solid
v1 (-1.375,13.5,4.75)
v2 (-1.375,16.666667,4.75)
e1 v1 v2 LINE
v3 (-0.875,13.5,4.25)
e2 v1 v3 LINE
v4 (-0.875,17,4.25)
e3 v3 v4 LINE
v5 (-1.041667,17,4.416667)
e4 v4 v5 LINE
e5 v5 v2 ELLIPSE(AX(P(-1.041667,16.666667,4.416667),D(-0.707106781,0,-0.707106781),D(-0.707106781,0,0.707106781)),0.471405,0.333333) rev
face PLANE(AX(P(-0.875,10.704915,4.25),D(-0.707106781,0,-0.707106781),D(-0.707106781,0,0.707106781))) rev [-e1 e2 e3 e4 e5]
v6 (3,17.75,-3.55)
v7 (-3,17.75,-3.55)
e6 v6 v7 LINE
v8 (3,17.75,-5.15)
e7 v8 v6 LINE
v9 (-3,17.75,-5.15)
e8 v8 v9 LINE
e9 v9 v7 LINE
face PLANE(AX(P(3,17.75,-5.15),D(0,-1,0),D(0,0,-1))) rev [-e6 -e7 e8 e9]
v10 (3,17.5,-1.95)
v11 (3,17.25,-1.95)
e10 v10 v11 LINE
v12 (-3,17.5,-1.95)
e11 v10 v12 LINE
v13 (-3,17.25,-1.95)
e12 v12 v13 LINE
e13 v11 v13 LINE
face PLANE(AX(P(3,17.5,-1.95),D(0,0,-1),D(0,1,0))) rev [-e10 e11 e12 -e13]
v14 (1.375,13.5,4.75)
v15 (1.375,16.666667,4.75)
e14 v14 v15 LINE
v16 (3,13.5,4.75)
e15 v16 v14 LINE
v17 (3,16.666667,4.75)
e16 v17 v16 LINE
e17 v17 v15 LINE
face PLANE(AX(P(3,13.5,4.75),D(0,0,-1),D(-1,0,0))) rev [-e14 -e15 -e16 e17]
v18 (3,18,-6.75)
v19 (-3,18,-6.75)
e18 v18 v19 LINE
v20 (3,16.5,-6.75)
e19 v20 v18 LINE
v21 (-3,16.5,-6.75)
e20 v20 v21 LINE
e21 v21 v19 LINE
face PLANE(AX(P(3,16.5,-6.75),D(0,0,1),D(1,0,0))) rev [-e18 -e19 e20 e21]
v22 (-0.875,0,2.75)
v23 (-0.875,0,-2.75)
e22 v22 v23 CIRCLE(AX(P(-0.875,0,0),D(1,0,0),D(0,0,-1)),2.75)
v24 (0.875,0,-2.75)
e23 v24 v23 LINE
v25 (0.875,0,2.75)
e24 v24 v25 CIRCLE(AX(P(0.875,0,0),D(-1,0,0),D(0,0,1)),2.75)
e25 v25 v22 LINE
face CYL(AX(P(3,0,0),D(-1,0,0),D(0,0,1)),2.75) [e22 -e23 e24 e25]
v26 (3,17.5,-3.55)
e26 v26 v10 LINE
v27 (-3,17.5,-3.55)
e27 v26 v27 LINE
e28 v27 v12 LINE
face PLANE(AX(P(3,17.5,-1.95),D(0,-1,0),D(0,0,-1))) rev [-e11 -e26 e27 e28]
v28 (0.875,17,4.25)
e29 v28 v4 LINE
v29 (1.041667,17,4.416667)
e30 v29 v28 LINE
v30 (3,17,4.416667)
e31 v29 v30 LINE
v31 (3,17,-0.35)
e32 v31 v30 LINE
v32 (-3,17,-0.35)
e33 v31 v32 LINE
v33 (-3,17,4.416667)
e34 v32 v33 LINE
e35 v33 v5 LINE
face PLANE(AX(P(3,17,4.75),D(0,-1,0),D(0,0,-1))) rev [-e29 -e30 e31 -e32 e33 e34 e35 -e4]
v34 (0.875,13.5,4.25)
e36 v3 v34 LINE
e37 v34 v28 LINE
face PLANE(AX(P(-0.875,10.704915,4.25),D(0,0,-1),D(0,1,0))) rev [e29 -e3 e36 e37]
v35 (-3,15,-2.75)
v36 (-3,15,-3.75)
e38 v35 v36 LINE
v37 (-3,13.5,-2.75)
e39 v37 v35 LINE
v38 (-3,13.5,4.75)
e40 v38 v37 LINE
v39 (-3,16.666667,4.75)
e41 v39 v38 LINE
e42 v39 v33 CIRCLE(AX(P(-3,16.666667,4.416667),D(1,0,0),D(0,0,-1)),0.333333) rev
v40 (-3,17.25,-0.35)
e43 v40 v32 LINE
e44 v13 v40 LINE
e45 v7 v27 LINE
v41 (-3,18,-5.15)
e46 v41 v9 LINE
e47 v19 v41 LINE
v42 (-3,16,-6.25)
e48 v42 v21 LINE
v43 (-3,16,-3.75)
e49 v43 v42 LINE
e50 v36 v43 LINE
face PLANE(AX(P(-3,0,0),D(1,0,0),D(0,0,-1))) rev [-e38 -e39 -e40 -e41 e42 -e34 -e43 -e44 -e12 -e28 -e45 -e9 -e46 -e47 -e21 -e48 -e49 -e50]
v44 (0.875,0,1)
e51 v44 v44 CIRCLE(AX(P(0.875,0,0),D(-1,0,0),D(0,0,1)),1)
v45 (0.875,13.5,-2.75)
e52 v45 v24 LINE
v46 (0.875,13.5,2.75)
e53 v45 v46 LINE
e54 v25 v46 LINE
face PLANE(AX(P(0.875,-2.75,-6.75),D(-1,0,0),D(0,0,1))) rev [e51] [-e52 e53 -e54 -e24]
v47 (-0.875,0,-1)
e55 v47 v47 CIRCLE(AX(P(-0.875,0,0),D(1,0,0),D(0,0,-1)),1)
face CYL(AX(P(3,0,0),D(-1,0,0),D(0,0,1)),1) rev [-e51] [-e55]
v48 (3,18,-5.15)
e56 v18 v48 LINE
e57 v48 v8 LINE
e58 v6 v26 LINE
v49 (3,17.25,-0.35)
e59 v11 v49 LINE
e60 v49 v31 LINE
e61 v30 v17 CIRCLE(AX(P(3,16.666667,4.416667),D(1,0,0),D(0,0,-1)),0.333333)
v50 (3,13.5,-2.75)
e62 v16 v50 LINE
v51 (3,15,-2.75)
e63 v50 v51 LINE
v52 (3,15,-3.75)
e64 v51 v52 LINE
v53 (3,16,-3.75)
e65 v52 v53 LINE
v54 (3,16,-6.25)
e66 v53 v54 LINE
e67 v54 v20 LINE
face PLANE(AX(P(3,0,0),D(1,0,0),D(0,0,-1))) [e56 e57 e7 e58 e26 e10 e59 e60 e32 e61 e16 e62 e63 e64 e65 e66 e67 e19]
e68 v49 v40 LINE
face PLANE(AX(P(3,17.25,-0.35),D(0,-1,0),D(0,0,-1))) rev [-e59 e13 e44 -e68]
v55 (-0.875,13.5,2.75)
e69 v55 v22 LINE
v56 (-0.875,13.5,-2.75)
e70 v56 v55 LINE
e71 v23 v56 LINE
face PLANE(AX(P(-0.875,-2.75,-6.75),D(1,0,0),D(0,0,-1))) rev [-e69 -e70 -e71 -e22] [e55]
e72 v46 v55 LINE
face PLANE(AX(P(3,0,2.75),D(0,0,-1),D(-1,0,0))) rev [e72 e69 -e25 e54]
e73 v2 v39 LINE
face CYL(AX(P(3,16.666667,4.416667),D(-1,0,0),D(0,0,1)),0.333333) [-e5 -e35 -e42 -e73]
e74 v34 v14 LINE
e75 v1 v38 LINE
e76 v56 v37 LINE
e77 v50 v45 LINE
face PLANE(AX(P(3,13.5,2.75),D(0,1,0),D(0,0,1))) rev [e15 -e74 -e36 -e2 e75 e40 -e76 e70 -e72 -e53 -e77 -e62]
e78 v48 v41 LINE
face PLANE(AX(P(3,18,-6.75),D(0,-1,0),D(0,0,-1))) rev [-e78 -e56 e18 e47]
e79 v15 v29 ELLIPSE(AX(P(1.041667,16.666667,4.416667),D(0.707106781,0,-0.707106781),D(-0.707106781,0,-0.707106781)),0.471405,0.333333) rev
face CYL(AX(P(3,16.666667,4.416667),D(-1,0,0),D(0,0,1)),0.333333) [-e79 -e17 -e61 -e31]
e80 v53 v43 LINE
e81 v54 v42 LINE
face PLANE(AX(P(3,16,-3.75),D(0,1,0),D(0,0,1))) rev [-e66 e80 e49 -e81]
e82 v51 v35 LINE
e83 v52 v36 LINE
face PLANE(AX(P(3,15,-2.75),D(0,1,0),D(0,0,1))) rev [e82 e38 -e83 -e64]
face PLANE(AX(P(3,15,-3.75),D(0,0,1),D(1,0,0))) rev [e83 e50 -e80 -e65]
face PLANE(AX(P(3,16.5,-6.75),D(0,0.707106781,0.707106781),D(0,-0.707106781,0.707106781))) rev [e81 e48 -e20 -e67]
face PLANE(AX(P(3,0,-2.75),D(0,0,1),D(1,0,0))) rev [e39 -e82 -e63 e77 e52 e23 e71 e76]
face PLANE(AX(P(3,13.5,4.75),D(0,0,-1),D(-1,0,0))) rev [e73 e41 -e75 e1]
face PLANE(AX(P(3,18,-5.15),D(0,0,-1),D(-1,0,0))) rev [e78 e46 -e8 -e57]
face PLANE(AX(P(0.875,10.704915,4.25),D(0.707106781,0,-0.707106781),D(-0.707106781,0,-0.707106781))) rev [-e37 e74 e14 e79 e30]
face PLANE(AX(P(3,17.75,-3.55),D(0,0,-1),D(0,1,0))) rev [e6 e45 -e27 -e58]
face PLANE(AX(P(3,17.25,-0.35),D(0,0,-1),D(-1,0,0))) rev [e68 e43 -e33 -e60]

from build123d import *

# Parameters (mm, degrees)
SKETCH1_R           = 1
BOSS_EXTRUDE1_DEPTH = 3
SKETCH2_W           = 2.125
SKETCH2_H           = 16.25
CUT_EXTRUDE1_DEPTH  = 22.56965461
CUT_EXTRUDE2_DEPTH  = 3.5
FILLET1_R           = 0.333333333


with BuildPart() as part:
    # Sketch1 → Boss-Extrude1 (new, symmetric)
    with BuildSketch(Plane(origin=(0, 0, 0), x_dir=(0, 0, -1), z_dir=(1, 0, 0))):
        with BuildLine():
            Line((2.75, 0), (2.75, 15))
            Line((2.75, 15), (3.75, 15))
            Line((3.75, 15), (3.75, 16))
            Line((3.75, 16), (6.25, 16))
            Line((6.25, 16), (6.75, 16.5))
            Line((6.75, 16.5), (6.75, 18))
            Line((6.75, 18), (5.15, 18))
            Line((5.15, 18), (5.15, 17.75))
            Line((5.15, 17.75), (3.55, 17.75))
            Line((3.55, 17.75), (3.55, 17.5))
            Line((3.55, 17.5), (1.95, 17.5))
            Line((1.95, 17.5), (1.95, 17.25))
            Line((1.95, 17.25), (0.35, 17.25))
            Line((0.35, 17.25), (0.35, 17))
            Line((0.35, 17), (-4.75, 17))
            Line((-4.75, 17), (-4.75, 13.5))
            Line((-4.75, 13.5), (-2.75, 13.5))
            Line((-2.75, 13.5), (-2.75, 0))
            ThreePointArc((-2.75, 0), (0, -2.75), (2.75, 0))
        make_face()
        Circle(SKETCH1_R, mode=Mode.SUBTRACT)
    extrude(amount=BOSS_EXTRUDE1_DEPTH, both=True)

    # Sketch2 → Cut-Extrude1 (cut, through all)
    with BuildSketch(Plane.XY.offset(4.75)):
        with Locations((1.9375, 5.375)):
            Rectangle(SKETCH2_W, SKETCH2_H)
        with Locations((-1.9375, 5.375)):
            Rectangle(SKETCH2_W, SKETCH2_H)
    extrude(amount=-CUT_EXTRUDE1_DEPTH, mode=Mode.SUBTRACT)

    # Sketch3 → Cut-Extrude2 (cut)
    with BuildSketch(Plane(origin=(0, 17, 0), x_dir=(1, 0, 0), z_dir=(0, 1, 0))):
        Polygon((-0.875, -4.25), (0.875, -4.25), (1.375, -4.75), (-1.375, -4.75), align=None)
    extrude(amount=-CUT_EXTRUDE2_DEPTH, mode=Mode.SUBTRACT)

    # Fillet1
    fillet1_edges = [part.edges().sort_by_distance(p)[0] for p in [
        (-2.1875, 17, 4.75),
        (2.1875, 17, 4.75),
    ]]
    fillet(fillet1_edges, radius=FILLET1_R)


solid = part.part
